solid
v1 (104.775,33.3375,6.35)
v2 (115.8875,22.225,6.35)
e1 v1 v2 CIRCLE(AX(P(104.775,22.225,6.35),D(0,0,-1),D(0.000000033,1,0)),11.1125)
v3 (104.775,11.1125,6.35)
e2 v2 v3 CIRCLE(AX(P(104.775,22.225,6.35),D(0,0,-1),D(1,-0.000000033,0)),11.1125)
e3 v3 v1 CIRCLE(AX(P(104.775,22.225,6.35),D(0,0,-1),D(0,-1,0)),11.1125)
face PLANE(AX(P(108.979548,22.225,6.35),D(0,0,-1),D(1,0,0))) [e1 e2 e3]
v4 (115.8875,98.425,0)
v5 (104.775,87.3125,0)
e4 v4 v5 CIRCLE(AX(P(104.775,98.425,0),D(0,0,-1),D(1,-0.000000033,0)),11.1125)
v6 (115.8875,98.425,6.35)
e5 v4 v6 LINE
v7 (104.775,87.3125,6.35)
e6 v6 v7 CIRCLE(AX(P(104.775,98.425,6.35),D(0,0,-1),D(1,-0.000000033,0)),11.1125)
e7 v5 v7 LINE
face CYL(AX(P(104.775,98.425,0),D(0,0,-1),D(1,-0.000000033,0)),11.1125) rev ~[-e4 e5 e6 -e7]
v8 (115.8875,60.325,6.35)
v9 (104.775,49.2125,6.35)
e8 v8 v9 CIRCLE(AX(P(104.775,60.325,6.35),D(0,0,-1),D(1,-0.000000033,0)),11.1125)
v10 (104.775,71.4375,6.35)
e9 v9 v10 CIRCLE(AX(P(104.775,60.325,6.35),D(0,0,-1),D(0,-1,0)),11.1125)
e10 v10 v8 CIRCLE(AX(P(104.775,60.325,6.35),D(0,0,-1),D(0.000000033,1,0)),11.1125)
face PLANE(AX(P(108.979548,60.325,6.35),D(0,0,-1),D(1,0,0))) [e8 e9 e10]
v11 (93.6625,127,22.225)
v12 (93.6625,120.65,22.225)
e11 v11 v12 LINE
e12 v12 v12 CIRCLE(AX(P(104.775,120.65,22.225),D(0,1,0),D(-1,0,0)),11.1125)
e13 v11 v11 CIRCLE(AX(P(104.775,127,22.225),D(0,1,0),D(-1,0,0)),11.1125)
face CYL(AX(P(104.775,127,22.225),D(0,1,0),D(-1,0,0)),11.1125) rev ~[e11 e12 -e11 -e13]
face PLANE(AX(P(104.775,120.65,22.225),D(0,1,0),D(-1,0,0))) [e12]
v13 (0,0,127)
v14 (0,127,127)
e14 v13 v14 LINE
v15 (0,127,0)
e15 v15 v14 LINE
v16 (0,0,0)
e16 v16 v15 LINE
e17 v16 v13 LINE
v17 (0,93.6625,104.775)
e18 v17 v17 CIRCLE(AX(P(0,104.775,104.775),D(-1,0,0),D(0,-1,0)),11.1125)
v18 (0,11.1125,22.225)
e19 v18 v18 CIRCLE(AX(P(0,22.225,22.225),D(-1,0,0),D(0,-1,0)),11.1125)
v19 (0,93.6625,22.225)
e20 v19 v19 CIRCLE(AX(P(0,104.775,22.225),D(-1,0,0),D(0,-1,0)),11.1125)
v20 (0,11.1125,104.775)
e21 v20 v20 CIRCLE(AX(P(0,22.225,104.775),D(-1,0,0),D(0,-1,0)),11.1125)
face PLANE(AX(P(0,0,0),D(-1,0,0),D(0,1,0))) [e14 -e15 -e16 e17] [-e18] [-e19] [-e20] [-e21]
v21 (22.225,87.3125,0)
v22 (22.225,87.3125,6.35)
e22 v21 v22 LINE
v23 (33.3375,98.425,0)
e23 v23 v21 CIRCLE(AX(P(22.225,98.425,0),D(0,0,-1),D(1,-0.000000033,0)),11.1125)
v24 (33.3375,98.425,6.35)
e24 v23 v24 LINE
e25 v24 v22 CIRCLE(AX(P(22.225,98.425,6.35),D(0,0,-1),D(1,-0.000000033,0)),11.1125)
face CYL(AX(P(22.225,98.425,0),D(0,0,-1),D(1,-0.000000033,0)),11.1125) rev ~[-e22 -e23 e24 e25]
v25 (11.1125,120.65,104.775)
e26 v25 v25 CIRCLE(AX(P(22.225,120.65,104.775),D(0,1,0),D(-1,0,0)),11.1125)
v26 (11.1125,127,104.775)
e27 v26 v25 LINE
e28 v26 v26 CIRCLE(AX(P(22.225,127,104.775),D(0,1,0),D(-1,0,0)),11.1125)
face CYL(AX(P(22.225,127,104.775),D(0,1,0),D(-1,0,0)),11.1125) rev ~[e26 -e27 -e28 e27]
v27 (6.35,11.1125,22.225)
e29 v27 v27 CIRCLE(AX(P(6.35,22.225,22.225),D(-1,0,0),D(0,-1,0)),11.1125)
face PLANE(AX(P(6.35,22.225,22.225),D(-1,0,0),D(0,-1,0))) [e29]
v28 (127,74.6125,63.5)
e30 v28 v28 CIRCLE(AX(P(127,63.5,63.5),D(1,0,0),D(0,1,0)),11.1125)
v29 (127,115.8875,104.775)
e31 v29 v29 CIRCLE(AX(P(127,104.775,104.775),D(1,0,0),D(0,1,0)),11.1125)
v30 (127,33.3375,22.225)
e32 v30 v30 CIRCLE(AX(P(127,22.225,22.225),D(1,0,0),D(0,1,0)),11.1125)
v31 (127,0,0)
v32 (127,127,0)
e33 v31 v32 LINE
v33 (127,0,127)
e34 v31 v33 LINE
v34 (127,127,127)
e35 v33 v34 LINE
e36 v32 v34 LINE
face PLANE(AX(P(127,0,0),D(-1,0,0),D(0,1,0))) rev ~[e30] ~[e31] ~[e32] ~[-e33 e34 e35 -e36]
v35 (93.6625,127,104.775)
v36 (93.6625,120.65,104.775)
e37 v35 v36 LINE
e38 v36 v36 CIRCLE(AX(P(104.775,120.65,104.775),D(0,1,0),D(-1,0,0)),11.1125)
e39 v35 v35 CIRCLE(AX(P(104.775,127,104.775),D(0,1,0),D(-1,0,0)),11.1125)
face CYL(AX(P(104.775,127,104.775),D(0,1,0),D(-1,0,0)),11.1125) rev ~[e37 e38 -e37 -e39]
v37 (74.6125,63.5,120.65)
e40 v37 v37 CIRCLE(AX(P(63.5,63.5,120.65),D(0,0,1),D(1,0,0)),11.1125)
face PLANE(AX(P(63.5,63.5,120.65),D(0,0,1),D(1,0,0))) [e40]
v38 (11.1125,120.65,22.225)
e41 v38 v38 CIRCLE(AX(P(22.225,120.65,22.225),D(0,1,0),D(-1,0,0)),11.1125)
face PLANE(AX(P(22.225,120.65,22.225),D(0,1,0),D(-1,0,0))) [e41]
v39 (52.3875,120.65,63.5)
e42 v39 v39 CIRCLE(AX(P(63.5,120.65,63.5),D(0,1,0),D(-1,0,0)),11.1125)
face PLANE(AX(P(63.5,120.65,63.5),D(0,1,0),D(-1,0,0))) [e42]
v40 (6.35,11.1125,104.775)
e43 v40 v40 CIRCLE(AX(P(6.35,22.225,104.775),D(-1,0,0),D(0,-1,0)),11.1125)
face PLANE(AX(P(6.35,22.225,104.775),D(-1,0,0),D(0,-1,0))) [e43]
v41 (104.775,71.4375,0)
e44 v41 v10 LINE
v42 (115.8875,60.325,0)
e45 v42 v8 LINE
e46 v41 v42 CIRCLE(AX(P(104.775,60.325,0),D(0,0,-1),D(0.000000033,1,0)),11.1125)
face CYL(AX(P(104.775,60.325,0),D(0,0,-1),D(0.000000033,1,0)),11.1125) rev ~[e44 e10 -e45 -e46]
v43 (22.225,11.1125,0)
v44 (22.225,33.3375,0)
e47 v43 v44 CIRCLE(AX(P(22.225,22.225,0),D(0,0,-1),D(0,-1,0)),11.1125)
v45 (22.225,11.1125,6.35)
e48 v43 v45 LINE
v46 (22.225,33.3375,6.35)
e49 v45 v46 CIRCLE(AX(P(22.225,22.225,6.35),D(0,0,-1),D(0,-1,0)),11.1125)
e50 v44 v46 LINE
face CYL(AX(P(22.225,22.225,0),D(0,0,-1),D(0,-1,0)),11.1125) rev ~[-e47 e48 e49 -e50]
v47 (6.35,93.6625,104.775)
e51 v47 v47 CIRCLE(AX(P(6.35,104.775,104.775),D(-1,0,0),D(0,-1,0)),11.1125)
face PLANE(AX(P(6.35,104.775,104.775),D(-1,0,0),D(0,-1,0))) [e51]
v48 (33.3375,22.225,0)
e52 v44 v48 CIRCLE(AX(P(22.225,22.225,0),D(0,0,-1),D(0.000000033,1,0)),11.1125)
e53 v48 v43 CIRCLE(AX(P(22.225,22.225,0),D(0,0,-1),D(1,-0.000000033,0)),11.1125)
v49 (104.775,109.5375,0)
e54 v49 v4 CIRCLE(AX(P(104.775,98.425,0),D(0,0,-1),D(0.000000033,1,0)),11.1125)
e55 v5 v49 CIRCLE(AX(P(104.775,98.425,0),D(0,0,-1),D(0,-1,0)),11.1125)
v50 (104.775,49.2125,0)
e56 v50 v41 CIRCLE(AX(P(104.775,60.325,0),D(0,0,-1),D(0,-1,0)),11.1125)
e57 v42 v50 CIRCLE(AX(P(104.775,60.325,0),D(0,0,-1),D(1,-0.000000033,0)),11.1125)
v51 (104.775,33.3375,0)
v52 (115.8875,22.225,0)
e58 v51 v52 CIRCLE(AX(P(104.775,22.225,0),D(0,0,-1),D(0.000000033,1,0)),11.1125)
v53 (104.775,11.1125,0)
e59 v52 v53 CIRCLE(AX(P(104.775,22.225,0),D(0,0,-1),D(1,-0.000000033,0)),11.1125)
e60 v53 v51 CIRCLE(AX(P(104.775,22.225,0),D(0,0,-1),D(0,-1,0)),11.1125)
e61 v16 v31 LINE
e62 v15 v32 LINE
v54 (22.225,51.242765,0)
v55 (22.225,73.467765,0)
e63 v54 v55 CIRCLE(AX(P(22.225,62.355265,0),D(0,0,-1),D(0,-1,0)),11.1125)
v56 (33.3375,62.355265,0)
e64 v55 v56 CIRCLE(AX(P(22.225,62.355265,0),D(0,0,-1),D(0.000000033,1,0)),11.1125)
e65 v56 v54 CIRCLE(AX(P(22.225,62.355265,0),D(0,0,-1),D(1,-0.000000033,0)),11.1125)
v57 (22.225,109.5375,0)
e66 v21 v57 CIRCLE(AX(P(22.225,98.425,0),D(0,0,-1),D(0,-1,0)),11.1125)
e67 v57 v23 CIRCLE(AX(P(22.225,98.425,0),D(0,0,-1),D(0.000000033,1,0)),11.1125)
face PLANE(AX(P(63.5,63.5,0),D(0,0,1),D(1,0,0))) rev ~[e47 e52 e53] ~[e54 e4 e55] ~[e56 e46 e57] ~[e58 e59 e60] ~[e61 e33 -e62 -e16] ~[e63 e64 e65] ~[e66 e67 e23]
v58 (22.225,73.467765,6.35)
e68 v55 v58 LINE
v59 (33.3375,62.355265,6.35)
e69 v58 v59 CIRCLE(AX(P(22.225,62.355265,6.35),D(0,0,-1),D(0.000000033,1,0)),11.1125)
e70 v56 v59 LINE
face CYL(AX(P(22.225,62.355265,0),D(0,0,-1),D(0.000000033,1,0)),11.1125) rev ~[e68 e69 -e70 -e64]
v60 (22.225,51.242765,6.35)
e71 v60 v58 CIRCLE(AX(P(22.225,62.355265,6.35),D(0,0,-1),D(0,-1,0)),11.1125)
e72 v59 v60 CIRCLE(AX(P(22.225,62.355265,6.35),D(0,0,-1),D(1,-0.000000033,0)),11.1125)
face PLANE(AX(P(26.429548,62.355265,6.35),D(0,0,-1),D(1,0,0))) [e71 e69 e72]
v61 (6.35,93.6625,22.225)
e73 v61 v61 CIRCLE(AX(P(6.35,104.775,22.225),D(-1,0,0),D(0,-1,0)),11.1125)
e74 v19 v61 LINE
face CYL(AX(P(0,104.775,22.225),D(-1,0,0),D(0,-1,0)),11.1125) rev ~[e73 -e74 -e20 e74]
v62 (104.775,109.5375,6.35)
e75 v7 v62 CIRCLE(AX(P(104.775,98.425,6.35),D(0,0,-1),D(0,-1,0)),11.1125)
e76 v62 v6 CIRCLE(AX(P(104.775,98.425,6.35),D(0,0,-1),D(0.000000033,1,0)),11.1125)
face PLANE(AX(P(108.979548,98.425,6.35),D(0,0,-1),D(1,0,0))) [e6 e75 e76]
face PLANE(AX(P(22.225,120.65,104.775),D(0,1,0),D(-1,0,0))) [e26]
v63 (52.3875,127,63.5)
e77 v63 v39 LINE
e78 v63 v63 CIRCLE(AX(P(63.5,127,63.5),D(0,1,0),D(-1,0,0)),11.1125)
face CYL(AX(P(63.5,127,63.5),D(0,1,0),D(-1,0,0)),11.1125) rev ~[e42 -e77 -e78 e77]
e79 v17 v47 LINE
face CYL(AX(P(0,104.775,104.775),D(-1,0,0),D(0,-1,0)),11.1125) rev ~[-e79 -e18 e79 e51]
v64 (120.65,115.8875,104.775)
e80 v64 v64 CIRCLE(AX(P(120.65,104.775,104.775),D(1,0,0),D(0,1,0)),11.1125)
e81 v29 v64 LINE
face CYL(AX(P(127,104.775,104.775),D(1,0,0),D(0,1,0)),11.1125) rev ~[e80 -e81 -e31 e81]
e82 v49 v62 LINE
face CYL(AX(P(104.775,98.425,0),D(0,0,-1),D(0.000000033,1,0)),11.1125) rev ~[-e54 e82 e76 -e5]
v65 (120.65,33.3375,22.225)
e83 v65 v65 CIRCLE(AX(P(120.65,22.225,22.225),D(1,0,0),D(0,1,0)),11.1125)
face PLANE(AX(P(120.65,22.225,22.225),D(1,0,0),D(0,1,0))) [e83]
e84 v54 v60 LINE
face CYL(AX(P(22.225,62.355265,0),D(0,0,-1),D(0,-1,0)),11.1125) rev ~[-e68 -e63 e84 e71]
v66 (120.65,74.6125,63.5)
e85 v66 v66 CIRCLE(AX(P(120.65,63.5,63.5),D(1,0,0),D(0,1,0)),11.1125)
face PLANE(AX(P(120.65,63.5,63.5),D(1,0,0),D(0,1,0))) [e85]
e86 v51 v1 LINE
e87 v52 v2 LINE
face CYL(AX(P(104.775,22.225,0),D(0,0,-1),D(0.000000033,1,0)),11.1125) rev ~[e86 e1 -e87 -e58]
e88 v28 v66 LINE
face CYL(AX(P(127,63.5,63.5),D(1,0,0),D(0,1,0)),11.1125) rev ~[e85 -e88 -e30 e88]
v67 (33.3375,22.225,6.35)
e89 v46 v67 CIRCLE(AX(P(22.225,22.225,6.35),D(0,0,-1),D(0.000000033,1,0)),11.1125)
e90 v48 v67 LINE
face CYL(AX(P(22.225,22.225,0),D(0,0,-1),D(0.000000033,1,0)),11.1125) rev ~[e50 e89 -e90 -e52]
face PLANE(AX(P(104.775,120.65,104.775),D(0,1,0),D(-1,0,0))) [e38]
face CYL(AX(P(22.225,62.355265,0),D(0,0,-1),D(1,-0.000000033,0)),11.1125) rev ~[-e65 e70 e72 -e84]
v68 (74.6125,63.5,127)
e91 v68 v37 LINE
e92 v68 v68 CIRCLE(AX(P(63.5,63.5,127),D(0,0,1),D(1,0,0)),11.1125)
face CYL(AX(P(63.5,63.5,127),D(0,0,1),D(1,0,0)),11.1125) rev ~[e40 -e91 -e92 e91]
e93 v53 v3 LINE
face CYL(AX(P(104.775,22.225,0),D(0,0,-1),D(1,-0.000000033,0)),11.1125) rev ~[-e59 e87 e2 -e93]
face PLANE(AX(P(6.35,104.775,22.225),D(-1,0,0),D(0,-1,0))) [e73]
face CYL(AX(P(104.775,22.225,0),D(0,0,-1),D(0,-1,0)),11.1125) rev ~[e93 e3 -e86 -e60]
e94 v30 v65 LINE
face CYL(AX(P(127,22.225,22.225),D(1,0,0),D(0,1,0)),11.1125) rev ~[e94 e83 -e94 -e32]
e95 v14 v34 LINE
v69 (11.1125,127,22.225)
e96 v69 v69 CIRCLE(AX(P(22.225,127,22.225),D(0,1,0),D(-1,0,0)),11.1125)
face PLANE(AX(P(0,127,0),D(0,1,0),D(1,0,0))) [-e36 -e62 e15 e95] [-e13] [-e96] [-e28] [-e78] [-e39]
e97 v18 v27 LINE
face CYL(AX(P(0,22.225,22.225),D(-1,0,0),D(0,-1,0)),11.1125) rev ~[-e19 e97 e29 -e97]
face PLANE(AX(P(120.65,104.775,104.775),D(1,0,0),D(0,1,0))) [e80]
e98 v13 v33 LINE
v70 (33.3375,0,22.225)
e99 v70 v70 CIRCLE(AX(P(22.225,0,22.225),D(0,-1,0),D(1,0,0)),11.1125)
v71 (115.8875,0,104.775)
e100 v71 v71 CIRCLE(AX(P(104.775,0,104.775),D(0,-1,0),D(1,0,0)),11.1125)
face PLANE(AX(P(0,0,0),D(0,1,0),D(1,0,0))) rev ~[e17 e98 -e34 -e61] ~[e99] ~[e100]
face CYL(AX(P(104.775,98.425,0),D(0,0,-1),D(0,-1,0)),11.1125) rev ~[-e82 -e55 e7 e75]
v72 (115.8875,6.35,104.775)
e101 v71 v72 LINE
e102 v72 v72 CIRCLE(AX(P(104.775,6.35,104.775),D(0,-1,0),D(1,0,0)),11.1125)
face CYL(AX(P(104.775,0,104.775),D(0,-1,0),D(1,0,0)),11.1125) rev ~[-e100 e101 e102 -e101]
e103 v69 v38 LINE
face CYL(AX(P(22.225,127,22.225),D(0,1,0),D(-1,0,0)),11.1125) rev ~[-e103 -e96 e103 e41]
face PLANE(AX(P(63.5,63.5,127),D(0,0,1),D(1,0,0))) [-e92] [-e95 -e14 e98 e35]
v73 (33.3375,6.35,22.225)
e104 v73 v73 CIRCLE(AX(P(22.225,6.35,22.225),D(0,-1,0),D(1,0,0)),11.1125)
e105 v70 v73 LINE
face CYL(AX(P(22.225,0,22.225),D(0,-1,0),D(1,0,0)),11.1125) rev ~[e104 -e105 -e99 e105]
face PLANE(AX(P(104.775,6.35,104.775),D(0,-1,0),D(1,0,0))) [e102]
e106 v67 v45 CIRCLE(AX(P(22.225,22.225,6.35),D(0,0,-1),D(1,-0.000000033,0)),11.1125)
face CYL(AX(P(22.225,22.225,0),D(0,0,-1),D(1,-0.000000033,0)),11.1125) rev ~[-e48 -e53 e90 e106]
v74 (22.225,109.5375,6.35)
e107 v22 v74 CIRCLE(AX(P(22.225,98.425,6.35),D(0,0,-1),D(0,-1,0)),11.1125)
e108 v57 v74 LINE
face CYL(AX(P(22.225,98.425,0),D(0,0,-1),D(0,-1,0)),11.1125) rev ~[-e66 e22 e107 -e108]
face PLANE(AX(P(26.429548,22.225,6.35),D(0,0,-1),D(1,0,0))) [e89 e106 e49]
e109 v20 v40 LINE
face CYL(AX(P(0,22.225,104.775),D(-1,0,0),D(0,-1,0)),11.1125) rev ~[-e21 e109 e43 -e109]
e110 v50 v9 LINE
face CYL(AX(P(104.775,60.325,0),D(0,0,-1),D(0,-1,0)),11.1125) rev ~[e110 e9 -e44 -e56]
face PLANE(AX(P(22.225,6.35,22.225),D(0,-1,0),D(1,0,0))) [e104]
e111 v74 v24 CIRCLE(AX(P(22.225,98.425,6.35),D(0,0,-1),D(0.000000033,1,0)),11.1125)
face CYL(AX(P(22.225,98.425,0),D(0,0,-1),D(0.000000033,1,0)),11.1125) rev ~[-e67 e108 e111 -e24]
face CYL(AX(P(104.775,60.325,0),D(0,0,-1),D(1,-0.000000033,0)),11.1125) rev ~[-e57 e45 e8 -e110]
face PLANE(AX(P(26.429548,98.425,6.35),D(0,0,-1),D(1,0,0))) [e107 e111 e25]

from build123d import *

# Parameters (mm, degrees)
F0_W      = 127
F0_H      = 127
F1_DEPTH  = 127
F2_R      = 11.1125
F3_DEPTH  = 6.35
F4_R      = 11.1125
F5_DEPTH  = 6.35
F6_R      = 11.1125
F7_DEPTH  = 6.35
F9_R      = 11.1125
F10_DEPTH = 6.35
F12_DEPTH = 6.35
F8_R      = 11.1125
F13_DEPTH = 6.35


with BuildPart() as f1:
    # F0 (on Top) → F1 (new body)
    with BuildSketch(Plane.XY):
        with Locations((63.5, 63.5)):
            Rectangle(F0_W, F0_H)
    extrude(amount=F1_DEPTH)

    # F2 (on face) → F3 (cut)
    with BuildSketch(Plane.XY.offset(127)):
        with Locations((63.5, 63.5)):
            Circle(F2_R)
    extrude(amount=-F3_DEPTH, mode=Mode.SUBTRACT)

    # F4 (on face) → F5 (cut)
    with BuildSketch(Plane.XZ):
        with Locations((22.225, 22.225)):
            Circle(F4_R)
        with Locations((104.775, 104.775)):
            Circle(F4_R)
    extrude(amount=-F5_DEPTH, mode=Mode.SUBTRACT)

    # F6 (on face) → F7 (cut)
    with BuildSketch(Plane.YZ.offset(127)):
        with Locations((22.225, 22.225)):
            Circle(F6_R)
        with Locations((63.5, 63.5)):
            Circle(F6_R)
        with Locations((104.775, 104.775)):
            Circle(F6_R)
    extrude(amount=-F7_DEPTH, mode=Mode.SUBTRACT)

    # F9 (on face) → F10 (cut)
    with BuildSketch(Plane(origin=(0, 0, 0), x_dir=(0, -1, 0), z_dir=(-1, 0, 0))):
        with Locations((-104.775, 104.775)):
            Circle(F9_R)
        with Locations((-22.225, 104.775)):
            Circle(F9_R)
        with Locations((-104.775, 22.225)):
            Circle(F9_R)
        with Locations((-22.225, 22.225)):
            Circle(F9_R)
    extrude(amount=-F10_DEPTH, mode=Mode.SUBTRACT)

    # F11 (on face) → F12 (cut)
    with BuildSketch(Plane(origin=(0, 0, 0), x_dir=(1, 0, 0), z_dir=(0, 0, -1))):
        with BuildLine():
            ThreePointArc((33.3375, -22.225), (30.082724, -14.367276), (22.225, -11.1125))
            Line((22.225, -11.1125), (22.225, -33.3375))
            ThreePointArc((22.225, -33.3375), (30.082724, -30.082724), (33.3375, -22.225))
        make_face()
        with BuildLine():
            ThreePointArc((33.3375, -98.425), (30.082724, -90.567276), (22.225, -87.3125))
            Line((22.225, -87.3125), (22.225, -109.5375))
            ThreePointArc((22.225, -109.5375), (30.082724, -106.282724), (33.3375, -98.425))
        make_face()
        with BuildLine():
            Line((22.225, -109.5375), (22.225, -87.3125))
            ThreePointArc((22.225, -87.3125), (11.1125, -98.425), (22.225, -109.5375))
        make_face()
        with BuildLine():
            ThreePointArc((33.3375, -62.355265), (30.082724, -54.497541), (22.225, -51.242765))
            Line((22.225, -51.242765), (22.225, -73.467765))
            ThreePointArc((22.225, -73.467765), (30.082724, -70.212989), (33.3375, -62.355265))
        make_face()
        with BuildLine():
            Line((22.225, -73.467765), (22.225, -51.242765))
            ThreePointArc((22.225, -51.242765), (11.1125, -62.355265), (22.225, -73.467765))
        make_face()
        with BuildLine():
            Line((22.225, -33.3375), (22.225, -11.1125))
            ThreePointArc((22.225, -11.1125), (11.1125, -22.225), (22.225, -33.3375))
        make_face()
        with BuildLine():
            ThreePointArc((115.8875, -22.225), (112.632724, -14.367276), (104.775, -11.1125))
            Line((104.775, -11.1125), (104.775, -33.3375))
            ThreePointArc((104.775, -33.3375), (112.632724, -30.082724), (115.8875, -22.225))
        make_face()
        with BuildLine():
            ThreePointArc((115.8875, -98.425), (112.632724, -90.567276), (104.775, -87.3125))
            Line((104.775, -87.3125), (104.775, -109.5375))
            ThreePointArc((104.775, -109.5375), (112.632724, -106.282724), (115.8875, -98.425))
        make_face()
        with BuildLine():
            Line((104.775, -109.5375), (104.775, -87.3125))
            ThreePointArc((104.775, -87.3125), (93.6625, -98.425), (104.775, -109.5375))
        make_face()
        with BuildLine():
            ThreePointArc((115.8875, -60.325), (112.632724, -52.467276), (104.775, -49.2125))
            Line((104.775, -49.2125), (104.775, -71.4375))
            ThreePointArc((104.775, -71.4375), (112.632724, -68.182724), (115.8875, -60.325))
        make_face()
        with BuildLine():
            Line((104.775, -71.4375), (104.775, -49.2125))
            ThreePointArc((104.775, -49.2125), (93.6625, -60.325), (104.775, -71.4375))
        make_face()
        with BuildLine():
            Line((104.775, -33.3375), (104.775, -11.1125))
            ThreePointArc((104.775, -11.1125), (93.6625, -22.225), (104.775, -33.3375))
        make_face()
    extrude(amount=-F12_DEPTH, mode=Mode.SUBTRACT)

    # F8 (on face) → F13 (cut)
    with BuildSketch(Plane(origin=(0, 127, 0), x_dir=(-1, 0, 0), z_dir=(0, 1, 0))):
        with Locations((-63.5, 63.5)):
            Circle(F8_R)
        with Locations((-104.775, 104.775)):
            Circle(F8_R)
        with Locations((-22.225, 104.775)):
            Circle(F8_R)
        with Locations((-104.775, 22.225)):
            Circle(F8_R)
        with Locations((-22.225, 22.225)):
            Circle(F8_R)
    extrude(amount=-F13_DEPTH, mode=Mode.SUBTRACT)


solid = f1.part
